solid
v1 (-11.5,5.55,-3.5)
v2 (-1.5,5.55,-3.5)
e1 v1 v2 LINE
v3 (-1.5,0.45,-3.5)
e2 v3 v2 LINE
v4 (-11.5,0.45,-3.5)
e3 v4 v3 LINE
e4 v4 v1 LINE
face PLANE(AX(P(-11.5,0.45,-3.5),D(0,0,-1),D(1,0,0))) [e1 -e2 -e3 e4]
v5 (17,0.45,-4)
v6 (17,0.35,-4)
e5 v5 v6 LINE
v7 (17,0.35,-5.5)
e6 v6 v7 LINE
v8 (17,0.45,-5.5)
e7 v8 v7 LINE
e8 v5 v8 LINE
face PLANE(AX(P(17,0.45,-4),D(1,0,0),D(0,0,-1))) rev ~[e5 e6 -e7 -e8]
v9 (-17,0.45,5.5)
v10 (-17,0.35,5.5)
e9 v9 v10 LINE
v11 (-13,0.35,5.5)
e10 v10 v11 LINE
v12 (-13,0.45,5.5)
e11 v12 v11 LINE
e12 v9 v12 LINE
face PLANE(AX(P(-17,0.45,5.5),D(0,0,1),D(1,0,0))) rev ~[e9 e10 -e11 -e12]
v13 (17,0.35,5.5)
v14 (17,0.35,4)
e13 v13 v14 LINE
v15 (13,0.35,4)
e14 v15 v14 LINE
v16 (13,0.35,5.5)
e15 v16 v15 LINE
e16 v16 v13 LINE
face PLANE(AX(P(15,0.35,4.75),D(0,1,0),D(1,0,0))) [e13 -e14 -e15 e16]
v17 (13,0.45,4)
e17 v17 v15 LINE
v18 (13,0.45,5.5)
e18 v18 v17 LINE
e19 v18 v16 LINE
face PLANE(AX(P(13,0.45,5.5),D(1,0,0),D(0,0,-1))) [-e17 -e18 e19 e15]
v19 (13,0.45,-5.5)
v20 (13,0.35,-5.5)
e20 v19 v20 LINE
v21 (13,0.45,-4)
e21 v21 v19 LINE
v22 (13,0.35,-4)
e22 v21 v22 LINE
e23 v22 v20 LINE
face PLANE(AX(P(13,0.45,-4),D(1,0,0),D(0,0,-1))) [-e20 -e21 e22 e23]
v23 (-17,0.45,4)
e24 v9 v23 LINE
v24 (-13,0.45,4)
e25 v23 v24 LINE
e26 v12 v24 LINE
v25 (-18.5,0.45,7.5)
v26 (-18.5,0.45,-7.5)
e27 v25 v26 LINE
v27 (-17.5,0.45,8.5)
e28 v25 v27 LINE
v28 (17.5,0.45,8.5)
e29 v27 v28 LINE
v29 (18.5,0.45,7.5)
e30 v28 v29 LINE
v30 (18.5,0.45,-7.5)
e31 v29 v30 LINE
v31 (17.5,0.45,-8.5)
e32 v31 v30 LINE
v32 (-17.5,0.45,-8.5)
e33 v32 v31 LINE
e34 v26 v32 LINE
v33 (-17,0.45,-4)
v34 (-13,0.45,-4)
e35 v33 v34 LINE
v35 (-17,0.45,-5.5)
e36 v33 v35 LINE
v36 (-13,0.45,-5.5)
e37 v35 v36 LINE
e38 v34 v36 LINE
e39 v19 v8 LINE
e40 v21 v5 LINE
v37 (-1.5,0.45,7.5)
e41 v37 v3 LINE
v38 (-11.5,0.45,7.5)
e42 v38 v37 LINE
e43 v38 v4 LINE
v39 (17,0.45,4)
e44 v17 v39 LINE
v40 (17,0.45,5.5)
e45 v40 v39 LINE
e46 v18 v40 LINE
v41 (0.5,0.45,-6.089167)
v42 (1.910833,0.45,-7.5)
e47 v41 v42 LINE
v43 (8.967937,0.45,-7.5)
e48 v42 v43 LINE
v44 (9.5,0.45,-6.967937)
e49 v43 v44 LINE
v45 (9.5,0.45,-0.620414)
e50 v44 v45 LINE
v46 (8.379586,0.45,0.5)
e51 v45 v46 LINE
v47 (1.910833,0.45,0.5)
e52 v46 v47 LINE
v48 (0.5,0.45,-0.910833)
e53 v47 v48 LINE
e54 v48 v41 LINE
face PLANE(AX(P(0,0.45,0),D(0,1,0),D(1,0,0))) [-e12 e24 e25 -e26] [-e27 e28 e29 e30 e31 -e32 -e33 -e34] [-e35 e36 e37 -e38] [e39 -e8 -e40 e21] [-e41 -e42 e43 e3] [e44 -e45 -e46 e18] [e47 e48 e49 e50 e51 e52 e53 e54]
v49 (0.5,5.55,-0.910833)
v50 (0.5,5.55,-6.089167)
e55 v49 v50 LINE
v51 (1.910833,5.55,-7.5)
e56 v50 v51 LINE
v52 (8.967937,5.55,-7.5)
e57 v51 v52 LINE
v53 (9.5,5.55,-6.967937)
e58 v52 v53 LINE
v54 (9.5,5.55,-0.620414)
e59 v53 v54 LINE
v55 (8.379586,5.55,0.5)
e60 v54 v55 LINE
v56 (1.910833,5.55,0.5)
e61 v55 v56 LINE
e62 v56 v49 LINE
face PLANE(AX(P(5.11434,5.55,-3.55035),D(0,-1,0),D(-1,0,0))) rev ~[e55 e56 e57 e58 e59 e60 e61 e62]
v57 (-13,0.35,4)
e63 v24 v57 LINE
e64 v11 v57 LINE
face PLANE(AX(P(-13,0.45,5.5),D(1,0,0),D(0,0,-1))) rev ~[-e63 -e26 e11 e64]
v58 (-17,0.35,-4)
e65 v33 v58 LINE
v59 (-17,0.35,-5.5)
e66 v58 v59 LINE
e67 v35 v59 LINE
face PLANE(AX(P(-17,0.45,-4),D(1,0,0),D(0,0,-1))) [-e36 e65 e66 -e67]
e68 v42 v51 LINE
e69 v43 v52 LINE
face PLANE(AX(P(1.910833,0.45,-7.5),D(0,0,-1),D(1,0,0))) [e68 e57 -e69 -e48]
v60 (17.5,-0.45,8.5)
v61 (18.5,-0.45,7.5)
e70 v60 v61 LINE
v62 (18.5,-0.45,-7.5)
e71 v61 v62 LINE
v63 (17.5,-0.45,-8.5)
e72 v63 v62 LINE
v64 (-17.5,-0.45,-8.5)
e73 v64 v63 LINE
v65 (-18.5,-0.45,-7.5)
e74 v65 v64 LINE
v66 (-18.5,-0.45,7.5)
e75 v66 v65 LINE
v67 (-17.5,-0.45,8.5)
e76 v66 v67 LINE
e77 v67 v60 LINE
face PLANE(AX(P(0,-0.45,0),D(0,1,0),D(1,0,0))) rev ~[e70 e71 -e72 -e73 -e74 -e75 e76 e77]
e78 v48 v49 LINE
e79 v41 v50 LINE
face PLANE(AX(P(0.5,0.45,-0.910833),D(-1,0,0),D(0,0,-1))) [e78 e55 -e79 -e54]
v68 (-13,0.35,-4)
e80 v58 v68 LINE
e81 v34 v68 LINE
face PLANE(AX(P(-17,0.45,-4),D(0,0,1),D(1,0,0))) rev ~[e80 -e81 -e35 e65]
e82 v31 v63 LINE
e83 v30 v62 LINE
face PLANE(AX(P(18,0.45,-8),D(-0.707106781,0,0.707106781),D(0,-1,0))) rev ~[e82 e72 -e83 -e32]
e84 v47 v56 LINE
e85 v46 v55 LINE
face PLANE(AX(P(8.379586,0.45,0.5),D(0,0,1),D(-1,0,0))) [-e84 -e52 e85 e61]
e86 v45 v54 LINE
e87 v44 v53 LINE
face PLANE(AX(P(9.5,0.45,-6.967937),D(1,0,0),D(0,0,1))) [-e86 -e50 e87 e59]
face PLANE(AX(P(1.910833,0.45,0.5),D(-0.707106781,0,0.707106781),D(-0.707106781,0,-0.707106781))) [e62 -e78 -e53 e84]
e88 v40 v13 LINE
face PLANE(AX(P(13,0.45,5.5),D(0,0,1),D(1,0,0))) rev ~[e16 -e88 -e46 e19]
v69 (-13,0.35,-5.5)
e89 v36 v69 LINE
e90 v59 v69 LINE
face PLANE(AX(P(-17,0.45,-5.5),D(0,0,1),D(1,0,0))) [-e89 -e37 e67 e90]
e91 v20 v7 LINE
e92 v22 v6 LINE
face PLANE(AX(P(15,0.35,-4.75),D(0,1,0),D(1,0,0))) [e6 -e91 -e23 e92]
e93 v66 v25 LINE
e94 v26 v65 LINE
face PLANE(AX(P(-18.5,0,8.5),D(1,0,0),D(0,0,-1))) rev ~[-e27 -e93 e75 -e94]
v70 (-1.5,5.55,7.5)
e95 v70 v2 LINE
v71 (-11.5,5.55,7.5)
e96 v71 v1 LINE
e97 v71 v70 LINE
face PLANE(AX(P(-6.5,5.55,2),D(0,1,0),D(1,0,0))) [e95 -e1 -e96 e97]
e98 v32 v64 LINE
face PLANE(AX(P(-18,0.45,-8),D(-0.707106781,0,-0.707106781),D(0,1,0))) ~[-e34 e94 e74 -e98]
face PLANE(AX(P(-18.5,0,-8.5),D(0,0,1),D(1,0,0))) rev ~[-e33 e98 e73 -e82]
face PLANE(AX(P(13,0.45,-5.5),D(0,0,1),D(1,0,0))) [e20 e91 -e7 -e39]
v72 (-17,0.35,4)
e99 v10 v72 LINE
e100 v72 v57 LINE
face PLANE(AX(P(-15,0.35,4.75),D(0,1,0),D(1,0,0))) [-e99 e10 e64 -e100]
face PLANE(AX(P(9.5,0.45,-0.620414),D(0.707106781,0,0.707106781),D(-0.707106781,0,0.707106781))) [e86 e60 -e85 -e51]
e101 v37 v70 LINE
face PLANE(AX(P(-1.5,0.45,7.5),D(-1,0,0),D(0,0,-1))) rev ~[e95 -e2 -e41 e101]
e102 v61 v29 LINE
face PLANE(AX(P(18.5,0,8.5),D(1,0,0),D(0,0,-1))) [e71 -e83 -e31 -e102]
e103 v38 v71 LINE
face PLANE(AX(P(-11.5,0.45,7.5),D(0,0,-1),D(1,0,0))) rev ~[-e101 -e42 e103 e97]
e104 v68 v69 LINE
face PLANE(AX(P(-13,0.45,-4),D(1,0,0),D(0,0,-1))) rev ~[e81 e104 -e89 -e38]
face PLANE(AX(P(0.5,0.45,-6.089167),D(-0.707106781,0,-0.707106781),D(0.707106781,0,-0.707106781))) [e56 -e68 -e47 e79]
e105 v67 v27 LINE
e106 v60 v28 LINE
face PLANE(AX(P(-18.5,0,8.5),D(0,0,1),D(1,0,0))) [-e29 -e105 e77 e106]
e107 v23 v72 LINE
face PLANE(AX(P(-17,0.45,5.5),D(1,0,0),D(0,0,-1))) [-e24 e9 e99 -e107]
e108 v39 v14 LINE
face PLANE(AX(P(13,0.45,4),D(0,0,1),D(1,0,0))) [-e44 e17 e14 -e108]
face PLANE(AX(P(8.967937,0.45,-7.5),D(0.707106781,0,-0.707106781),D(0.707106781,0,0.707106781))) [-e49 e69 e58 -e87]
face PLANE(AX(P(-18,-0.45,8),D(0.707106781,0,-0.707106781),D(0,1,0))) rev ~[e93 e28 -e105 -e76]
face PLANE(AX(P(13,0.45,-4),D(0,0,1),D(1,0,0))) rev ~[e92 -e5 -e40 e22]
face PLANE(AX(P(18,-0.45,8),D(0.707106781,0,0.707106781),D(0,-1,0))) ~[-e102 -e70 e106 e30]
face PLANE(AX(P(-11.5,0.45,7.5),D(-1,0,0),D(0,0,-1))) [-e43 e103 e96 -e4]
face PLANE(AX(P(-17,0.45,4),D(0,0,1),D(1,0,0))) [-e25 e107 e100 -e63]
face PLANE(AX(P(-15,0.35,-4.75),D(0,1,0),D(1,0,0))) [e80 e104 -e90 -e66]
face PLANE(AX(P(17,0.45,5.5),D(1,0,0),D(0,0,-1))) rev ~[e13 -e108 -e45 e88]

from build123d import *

# Parameters (mm, degrees)
ESBO_O1_W                = 37
ESBO_O1_H                = 17
RESSALTO_EXTRUS_O1_DEPTH = 0.45
ESBO_O2_W                = 10
ESBO_O2_H                = 11
RESSALTO_EXTRUS_O2_DEPTH = 5.1
RESSALTO_EXTRUS_O3_DEPTH = 5.1
ESBO_O4_W                = 4
ESBO_O4_H                = 1.5
CORTE_EXTRUS_O1_DEPTH    = 0.1
CHANFRO1_SIZE            = 1


with BuildPart() as part:
    # Esboço1 → Ressalto-extrusão1 (new, symmetric)
    with BuildSketch(Plane(origin=(0, 0, 0), x_dir=(1, 0, 0), z_dir=(0, 1, 0))):
        Rectangle(ESBO_O1_W, ESBO_O1_H)
    extrude(amount=RESSALTO_EXTRUS_O1_DEPTH, both=True)

    # Esboço2 → Ressalto-extrusão2 (add)
    with BuildSketch(Plane(origin=(0, 0.45, 0), x_dir=(1, 0, 0), z_dir=(0, 1, 0))):
        with Locations((-6.5, -2)):
            Rectangle(ESBO_O2_W, ESBO_O2_H)
    extrude(amount=RESSALTO_EXTRUS_O2_DEPTH)

    # Esboço3 → Ressalto-extrusão3 (add)
    with BuildSketch(Plane(origin=(0, 0.45, 0), x_dir=(1, 0, 0), z_dir=(0, 1, 0))):
        Polygon((0.5, 0.910833496), (0.5, 6.089166504), (1.910833496, 7.5), (8.967936907, 7.5), (9.5, 6.967936907), (9.5, 0.62041406), (8.37958594, -0.5), (1.910833496, -0.5), align=None)
    extrude(amount=RESSALTO_EXTRUS_O3_DEPTH)

    # Esboço4 → Corte-extrusão1 (cut)
    with BuildSketch(Plane(origin=(0, 0.45, 0), x_dir=(1, 0, 0), z_dir=(0, 1, 0))):
        with Locations((-15, 4.75)):
            Rectangle(ESBO_O4_W, ESBO_O4_H)
        with Locations((-15, -4.75)):
            Rectangle(ESBO_O4_W, ESBO_O4_H)
        with Locations((15, -4.75)):
            Rectangle(ESBO_O4_W, ESBO_O4_H)
        with Locations((15, 4.75)):
            Rectangle(ESBO_O4_W, ESBO_O4_H)
    extrude(amount=-CORTE_EXTRUS_O1_DEPTH, mode=Mode.SUBTRACT)

    # Chanfro1
    chanfro1_edges = [part.edges().sort_by_distance(p)[0] for p in [
        (-18.5, 0, -8.5),
        (18.5, 0, -8.5),
        (18.5, 0, 8.5),
        (-18.5, 0, 8.5),
    ]]
    chamfer(chanfro1_edges, length=CHANFRO1_SIZE)


solid = part.part
